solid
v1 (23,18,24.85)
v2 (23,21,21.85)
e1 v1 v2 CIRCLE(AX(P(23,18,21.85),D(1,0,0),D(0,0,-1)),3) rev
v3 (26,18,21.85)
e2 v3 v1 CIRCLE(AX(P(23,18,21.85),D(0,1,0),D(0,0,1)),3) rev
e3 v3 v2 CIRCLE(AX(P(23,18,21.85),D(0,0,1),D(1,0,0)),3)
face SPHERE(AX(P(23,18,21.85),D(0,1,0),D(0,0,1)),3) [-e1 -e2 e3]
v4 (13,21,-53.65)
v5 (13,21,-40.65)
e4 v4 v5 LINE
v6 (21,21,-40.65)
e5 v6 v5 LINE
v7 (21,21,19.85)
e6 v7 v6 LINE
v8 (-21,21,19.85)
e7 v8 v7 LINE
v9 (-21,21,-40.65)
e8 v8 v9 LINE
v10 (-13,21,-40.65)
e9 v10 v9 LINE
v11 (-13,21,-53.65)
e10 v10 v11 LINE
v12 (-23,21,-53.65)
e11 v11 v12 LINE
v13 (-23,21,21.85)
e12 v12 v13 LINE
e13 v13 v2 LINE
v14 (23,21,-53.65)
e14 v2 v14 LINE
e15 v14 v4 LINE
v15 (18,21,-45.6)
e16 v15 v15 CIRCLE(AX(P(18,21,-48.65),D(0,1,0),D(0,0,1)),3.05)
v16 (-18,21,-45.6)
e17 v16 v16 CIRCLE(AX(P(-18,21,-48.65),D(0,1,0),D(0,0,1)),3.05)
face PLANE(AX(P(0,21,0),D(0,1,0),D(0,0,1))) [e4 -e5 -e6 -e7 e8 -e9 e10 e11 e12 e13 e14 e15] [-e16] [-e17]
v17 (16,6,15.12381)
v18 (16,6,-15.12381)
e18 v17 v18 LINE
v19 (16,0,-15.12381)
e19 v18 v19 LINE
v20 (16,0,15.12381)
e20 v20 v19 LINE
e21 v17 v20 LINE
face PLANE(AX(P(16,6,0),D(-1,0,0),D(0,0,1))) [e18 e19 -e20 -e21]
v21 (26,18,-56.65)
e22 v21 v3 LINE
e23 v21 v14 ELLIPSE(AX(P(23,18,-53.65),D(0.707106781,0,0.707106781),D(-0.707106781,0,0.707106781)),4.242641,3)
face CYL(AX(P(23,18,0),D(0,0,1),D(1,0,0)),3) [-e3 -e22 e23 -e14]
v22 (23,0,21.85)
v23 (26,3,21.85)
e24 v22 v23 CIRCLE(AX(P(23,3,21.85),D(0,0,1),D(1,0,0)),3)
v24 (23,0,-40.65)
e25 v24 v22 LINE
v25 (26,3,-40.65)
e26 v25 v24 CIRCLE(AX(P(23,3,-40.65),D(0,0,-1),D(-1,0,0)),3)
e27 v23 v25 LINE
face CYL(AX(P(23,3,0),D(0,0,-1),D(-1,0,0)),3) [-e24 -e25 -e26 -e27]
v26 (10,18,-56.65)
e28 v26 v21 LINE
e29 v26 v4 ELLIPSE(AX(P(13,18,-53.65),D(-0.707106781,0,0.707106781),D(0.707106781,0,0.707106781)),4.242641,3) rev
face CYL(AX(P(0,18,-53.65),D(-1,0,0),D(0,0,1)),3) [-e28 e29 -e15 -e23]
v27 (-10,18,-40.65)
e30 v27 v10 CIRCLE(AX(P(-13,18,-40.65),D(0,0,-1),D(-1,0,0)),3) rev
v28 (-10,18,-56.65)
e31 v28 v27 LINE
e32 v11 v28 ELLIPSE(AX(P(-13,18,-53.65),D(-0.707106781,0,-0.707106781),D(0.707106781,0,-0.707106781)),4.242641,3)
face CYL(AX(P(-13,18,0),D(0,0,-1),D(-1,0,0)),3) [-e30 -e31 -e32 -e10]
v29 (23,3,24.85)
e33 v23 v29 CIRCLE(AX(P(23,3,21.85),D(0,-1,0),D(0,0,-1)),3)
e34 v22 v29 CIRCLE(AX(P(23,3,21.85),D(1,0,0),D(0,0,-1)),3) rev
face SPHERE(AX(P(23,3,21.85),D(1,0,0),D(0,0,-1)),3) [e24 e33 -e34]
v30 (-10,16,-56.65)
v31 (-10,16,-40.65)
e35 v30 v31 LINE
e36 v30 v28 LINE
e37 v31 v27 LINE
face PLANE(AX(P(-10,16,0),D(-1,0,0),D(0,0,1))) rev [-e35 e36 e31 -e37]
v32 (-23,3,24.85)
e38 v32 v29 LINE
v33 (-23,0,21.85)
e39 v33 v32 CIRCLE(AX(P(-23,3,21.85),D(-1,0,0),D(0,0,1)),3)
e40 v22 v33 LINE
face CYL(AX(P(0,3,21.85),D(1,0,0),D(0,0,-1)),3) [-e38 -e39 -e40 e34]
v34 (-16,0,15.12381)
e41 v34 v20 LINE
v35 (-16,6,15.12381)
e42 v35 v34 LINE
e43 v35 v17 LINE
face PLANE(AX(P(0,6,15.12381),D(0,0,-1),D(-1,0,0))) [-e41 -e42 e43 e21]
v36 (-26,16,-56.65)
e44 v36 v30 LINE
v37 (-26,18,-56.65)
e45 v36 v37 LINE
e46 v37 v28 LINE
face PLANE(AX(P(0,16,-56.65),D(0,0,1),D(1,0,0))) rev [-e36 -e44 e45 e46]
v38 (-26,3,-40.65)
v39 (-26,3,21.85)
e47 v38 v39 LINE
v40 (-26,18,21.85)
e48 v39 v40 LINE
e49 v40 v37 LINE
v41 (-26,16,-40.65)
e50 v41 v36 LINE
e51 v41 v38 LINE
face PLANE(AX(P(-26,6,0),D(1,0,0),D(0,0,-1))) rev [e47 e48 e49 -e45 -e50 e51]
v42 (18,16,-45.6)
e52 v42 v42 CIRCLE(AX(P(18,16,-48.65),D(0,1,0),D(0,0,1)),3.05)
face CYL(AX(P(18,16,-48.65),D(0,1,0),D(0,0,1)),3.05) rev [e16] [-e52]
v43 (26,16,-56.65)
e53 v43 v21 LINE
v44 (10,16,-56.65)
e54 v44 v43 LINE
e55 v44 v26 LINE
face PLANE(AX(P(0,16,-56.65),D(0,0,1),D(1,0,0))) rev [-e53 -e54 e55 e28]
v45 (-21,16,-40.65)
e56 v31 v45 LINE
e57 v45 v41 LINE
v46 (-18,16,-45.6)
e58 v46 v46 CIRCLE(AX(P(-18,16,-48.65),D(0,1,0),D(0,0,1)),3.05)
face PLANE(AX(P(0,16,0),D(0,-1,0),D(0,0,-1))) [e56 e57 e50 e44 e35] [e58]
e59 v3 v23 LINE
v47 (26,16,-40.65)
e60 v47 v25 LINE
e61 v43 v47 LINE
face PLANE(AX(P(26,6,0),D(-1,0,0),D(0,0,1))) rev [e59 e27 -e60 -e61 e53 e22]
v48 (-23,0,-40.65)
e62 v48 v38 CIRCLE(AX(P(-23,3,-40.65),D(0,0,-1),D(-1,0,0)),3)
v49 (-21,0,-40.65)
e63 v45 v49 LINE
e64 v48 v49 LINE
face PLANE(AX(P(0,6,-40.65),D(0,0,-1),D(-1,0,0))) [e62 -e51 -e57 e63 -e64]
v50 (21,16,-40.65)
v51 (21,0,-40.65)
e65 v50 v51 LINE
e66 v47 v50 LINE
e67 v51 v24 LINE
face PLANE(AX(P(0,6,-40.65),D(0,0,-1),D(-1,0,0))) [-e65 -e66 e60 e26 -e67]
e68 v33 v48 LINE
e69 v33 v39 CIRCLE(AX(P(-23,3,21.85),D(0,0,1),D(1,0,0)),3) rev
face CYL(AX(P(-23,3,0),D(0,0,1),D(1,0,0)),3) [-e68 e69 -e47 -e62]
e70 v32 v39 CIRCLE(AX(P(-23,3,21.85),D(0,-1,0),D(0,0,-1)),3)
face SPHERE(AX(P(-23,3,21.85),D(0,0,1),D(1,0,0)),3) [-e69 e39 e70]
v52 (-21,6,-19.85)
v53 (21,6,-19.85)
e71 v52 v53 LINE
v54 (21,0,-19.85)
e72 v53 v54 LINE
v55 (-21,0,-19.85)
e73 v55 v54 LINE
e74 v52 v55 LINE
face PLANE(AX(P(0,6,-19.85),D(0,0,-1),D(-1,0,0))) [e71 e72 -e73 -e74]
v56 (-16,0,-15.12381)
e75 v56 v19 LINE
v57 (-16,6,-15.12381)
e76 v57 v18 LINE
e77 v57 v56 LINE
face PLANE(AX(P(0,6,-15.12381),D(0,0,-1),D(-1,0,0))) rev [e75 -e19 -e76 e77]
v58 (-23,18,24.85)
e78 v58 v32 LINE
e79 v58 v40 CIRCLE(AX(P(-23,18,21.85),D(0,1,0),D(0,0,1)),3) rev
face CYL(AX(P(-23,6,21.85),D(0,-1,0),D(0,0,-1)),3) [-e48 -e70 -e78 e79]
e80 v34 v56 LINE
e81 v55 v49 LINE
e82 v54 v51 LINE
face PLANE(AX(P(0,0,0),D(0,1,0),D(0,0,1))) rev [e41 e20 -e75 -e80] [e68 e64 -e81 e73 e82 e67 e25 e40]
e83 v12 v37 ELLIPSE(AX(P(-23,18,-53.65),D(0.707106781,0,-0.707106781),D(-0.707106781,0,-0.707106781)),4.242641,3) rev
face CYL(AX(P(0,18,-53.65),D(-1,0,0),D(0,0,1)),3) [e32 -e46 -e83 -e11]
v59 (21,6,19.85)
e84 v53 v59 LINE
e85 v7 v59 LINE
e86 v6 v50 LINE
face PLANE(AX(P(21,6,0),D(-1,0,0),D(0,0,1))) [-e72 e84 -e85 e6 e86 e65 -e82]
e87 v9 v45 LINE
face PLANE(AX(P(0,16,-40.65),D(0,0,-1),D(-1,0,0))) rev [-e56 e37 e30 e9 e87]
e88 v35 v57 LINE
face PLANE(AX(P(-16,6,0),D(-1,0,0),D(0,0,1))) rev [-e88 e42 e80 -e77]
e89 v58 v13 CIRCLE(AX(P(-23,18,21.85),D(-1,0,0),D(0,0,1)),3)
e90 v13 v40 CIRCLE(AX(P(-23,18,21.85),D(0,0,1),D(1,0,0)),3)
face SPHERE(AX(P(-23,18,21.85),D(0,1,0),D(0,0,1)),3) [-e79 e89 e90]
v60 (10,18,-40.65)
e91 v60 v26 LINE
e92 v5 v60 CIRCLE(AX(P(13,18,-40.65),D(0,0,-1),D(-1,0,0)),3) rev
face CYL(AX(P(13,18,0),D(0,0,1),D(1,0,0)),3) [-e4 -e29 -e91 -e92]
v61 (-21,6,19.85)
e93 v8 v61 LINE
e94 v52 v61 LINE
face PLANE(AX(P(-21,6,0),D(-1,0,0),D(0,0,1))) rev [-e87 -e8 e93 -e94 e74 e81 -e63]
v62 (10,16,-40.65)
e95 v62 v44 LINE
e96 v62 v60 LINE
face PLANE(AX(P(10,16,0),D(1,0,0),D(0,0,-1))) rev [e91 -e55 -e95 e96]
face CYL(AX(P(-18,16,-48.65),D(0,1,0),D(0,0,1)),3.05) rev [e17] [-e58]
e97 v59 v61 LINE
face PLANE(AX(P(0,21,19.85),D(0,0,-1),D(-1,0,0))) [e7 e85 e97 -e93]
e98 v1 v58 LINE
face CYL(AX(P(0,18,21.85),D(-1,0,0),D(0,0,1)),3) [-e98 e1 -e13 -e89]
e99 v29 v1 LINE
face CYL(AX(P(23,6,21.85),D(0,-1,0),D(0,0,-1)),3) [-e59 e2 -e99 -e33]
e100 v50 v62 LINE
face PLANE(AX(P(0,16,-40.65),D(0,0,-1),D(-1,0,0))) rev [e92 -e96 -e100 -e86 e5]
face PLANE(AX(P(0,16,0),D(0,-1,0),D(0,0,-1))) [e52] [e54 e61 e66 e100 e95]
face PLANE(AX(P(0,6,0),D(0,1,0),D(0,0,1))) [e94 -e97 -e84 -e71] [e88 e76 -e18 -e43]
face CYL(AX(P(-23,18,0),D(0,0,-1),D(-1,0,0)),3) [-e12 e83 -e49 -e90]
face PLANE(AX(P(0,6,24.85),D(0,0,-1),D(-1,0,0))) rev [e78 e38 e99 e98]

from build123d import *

# Parameters (mm, degrees)
SKETCH1_W           = 32
SKETCH1_H           = 30.247619048
BOSS_EXTRUDE1_DEPTH = 6
BOSS_EXTRUDE2_DEPTH = 21
BOSS_EXTRUDE3_START = 21
SKETCH1_6_R         = 3.05
BOSS_EXTRUDE3_DEPTH = 5
FILLET1_R           = 3


with BuildPart() as part:
    # Sketch1 → Boss-Extrude1 (new body)
    with BuildSketch(Plane(origin=(0, 0, 0), x_dir=(1, 0, 0), z_dir=(0, 1, 0))):
        Polygon((-26, 40.65), (-26, -24.85), (26, -24.85), (26, 40.65), (21, 40.65), (21, 19.85), (-21, 19.85), (-21, 40.65), align=None)
        Rectangle(SKETCH1_W, SKETCH1_H, mode=Mode.SUBTRACT)
    extrude(amount=BOSS_EXTRUDE1_DEPTH)

    # Sketch1_5 → Boss-Extrude2 (add)
    with BuildSketch(Plane(origin=(0, 0, 0), x_dir=(1, 0, 0), z_dir=(0, 1, 0))):
        Polygon((-26, 40.65), (-26, -24.85), (26, -24.85), (26, 40.65), (21, 40.65), (21, 19.85), (21, -19.85), (-21, -19.85), (-21, 19.85), (-21, 40.65), align=None)
    extrude(amount=BOSS_EXTRUDE2_DEPTH)

    # Sketch1_6 → Boss-Extrude3 (add)
    with BuildSketch(Plane(origin=(0, 0, 0), x_dir=(1, 0, 0), z_dir=(0, 1, 0)).offset(BOSS_EXTRUDE3_START)):
        Polygon((-26, 56.65), (-26, 40.65), (-21, 40.65), (-10, 40.65), (-10, 56.65), align=None)
        with Locations(Location((-18, 48.65, 0), (0, 0, 270))):  # turned: the seam where the file's is
            Circle(SKETCH1_6_R, mode=Mode.SUBTRACT)
        Polygon((21, 40.65), (26, 40.65), (26, 56.65), (10, 56.65), (10, 40.65), align=None)
        with Locations(Location((18, 48.65, 0), (0, 0, 270))):  # turned: the seam where the file's is
            Circle(SKETCH1_6_R, mode=Mode.SUBTRACT)
    extrude(amount=-BOSS_EXTRUDE3_DEPTH)

    # Fillet1
    fillet1_edges = [part.edges().sort_by_distance(p)[0] for p in [
        (26, 0, -7.9),
        (0, 0, 24.85),
        (-26, 0, -7.9),
        (26, 10.5, 24.85),
        (-26, 10.5, 24.85),
        (-26, 21, -15.9),
        (0, 21, 24.85),
        (26, 21, -15.9),
        (-10, 21, -48.65),
        (-18, 21, -56.65),
        (10, 21, -48.65),
        (18, 21, -56.65),
    ]]
    fillet(fillet1_edges, radius=FILLET1_R)


solid = part.part
